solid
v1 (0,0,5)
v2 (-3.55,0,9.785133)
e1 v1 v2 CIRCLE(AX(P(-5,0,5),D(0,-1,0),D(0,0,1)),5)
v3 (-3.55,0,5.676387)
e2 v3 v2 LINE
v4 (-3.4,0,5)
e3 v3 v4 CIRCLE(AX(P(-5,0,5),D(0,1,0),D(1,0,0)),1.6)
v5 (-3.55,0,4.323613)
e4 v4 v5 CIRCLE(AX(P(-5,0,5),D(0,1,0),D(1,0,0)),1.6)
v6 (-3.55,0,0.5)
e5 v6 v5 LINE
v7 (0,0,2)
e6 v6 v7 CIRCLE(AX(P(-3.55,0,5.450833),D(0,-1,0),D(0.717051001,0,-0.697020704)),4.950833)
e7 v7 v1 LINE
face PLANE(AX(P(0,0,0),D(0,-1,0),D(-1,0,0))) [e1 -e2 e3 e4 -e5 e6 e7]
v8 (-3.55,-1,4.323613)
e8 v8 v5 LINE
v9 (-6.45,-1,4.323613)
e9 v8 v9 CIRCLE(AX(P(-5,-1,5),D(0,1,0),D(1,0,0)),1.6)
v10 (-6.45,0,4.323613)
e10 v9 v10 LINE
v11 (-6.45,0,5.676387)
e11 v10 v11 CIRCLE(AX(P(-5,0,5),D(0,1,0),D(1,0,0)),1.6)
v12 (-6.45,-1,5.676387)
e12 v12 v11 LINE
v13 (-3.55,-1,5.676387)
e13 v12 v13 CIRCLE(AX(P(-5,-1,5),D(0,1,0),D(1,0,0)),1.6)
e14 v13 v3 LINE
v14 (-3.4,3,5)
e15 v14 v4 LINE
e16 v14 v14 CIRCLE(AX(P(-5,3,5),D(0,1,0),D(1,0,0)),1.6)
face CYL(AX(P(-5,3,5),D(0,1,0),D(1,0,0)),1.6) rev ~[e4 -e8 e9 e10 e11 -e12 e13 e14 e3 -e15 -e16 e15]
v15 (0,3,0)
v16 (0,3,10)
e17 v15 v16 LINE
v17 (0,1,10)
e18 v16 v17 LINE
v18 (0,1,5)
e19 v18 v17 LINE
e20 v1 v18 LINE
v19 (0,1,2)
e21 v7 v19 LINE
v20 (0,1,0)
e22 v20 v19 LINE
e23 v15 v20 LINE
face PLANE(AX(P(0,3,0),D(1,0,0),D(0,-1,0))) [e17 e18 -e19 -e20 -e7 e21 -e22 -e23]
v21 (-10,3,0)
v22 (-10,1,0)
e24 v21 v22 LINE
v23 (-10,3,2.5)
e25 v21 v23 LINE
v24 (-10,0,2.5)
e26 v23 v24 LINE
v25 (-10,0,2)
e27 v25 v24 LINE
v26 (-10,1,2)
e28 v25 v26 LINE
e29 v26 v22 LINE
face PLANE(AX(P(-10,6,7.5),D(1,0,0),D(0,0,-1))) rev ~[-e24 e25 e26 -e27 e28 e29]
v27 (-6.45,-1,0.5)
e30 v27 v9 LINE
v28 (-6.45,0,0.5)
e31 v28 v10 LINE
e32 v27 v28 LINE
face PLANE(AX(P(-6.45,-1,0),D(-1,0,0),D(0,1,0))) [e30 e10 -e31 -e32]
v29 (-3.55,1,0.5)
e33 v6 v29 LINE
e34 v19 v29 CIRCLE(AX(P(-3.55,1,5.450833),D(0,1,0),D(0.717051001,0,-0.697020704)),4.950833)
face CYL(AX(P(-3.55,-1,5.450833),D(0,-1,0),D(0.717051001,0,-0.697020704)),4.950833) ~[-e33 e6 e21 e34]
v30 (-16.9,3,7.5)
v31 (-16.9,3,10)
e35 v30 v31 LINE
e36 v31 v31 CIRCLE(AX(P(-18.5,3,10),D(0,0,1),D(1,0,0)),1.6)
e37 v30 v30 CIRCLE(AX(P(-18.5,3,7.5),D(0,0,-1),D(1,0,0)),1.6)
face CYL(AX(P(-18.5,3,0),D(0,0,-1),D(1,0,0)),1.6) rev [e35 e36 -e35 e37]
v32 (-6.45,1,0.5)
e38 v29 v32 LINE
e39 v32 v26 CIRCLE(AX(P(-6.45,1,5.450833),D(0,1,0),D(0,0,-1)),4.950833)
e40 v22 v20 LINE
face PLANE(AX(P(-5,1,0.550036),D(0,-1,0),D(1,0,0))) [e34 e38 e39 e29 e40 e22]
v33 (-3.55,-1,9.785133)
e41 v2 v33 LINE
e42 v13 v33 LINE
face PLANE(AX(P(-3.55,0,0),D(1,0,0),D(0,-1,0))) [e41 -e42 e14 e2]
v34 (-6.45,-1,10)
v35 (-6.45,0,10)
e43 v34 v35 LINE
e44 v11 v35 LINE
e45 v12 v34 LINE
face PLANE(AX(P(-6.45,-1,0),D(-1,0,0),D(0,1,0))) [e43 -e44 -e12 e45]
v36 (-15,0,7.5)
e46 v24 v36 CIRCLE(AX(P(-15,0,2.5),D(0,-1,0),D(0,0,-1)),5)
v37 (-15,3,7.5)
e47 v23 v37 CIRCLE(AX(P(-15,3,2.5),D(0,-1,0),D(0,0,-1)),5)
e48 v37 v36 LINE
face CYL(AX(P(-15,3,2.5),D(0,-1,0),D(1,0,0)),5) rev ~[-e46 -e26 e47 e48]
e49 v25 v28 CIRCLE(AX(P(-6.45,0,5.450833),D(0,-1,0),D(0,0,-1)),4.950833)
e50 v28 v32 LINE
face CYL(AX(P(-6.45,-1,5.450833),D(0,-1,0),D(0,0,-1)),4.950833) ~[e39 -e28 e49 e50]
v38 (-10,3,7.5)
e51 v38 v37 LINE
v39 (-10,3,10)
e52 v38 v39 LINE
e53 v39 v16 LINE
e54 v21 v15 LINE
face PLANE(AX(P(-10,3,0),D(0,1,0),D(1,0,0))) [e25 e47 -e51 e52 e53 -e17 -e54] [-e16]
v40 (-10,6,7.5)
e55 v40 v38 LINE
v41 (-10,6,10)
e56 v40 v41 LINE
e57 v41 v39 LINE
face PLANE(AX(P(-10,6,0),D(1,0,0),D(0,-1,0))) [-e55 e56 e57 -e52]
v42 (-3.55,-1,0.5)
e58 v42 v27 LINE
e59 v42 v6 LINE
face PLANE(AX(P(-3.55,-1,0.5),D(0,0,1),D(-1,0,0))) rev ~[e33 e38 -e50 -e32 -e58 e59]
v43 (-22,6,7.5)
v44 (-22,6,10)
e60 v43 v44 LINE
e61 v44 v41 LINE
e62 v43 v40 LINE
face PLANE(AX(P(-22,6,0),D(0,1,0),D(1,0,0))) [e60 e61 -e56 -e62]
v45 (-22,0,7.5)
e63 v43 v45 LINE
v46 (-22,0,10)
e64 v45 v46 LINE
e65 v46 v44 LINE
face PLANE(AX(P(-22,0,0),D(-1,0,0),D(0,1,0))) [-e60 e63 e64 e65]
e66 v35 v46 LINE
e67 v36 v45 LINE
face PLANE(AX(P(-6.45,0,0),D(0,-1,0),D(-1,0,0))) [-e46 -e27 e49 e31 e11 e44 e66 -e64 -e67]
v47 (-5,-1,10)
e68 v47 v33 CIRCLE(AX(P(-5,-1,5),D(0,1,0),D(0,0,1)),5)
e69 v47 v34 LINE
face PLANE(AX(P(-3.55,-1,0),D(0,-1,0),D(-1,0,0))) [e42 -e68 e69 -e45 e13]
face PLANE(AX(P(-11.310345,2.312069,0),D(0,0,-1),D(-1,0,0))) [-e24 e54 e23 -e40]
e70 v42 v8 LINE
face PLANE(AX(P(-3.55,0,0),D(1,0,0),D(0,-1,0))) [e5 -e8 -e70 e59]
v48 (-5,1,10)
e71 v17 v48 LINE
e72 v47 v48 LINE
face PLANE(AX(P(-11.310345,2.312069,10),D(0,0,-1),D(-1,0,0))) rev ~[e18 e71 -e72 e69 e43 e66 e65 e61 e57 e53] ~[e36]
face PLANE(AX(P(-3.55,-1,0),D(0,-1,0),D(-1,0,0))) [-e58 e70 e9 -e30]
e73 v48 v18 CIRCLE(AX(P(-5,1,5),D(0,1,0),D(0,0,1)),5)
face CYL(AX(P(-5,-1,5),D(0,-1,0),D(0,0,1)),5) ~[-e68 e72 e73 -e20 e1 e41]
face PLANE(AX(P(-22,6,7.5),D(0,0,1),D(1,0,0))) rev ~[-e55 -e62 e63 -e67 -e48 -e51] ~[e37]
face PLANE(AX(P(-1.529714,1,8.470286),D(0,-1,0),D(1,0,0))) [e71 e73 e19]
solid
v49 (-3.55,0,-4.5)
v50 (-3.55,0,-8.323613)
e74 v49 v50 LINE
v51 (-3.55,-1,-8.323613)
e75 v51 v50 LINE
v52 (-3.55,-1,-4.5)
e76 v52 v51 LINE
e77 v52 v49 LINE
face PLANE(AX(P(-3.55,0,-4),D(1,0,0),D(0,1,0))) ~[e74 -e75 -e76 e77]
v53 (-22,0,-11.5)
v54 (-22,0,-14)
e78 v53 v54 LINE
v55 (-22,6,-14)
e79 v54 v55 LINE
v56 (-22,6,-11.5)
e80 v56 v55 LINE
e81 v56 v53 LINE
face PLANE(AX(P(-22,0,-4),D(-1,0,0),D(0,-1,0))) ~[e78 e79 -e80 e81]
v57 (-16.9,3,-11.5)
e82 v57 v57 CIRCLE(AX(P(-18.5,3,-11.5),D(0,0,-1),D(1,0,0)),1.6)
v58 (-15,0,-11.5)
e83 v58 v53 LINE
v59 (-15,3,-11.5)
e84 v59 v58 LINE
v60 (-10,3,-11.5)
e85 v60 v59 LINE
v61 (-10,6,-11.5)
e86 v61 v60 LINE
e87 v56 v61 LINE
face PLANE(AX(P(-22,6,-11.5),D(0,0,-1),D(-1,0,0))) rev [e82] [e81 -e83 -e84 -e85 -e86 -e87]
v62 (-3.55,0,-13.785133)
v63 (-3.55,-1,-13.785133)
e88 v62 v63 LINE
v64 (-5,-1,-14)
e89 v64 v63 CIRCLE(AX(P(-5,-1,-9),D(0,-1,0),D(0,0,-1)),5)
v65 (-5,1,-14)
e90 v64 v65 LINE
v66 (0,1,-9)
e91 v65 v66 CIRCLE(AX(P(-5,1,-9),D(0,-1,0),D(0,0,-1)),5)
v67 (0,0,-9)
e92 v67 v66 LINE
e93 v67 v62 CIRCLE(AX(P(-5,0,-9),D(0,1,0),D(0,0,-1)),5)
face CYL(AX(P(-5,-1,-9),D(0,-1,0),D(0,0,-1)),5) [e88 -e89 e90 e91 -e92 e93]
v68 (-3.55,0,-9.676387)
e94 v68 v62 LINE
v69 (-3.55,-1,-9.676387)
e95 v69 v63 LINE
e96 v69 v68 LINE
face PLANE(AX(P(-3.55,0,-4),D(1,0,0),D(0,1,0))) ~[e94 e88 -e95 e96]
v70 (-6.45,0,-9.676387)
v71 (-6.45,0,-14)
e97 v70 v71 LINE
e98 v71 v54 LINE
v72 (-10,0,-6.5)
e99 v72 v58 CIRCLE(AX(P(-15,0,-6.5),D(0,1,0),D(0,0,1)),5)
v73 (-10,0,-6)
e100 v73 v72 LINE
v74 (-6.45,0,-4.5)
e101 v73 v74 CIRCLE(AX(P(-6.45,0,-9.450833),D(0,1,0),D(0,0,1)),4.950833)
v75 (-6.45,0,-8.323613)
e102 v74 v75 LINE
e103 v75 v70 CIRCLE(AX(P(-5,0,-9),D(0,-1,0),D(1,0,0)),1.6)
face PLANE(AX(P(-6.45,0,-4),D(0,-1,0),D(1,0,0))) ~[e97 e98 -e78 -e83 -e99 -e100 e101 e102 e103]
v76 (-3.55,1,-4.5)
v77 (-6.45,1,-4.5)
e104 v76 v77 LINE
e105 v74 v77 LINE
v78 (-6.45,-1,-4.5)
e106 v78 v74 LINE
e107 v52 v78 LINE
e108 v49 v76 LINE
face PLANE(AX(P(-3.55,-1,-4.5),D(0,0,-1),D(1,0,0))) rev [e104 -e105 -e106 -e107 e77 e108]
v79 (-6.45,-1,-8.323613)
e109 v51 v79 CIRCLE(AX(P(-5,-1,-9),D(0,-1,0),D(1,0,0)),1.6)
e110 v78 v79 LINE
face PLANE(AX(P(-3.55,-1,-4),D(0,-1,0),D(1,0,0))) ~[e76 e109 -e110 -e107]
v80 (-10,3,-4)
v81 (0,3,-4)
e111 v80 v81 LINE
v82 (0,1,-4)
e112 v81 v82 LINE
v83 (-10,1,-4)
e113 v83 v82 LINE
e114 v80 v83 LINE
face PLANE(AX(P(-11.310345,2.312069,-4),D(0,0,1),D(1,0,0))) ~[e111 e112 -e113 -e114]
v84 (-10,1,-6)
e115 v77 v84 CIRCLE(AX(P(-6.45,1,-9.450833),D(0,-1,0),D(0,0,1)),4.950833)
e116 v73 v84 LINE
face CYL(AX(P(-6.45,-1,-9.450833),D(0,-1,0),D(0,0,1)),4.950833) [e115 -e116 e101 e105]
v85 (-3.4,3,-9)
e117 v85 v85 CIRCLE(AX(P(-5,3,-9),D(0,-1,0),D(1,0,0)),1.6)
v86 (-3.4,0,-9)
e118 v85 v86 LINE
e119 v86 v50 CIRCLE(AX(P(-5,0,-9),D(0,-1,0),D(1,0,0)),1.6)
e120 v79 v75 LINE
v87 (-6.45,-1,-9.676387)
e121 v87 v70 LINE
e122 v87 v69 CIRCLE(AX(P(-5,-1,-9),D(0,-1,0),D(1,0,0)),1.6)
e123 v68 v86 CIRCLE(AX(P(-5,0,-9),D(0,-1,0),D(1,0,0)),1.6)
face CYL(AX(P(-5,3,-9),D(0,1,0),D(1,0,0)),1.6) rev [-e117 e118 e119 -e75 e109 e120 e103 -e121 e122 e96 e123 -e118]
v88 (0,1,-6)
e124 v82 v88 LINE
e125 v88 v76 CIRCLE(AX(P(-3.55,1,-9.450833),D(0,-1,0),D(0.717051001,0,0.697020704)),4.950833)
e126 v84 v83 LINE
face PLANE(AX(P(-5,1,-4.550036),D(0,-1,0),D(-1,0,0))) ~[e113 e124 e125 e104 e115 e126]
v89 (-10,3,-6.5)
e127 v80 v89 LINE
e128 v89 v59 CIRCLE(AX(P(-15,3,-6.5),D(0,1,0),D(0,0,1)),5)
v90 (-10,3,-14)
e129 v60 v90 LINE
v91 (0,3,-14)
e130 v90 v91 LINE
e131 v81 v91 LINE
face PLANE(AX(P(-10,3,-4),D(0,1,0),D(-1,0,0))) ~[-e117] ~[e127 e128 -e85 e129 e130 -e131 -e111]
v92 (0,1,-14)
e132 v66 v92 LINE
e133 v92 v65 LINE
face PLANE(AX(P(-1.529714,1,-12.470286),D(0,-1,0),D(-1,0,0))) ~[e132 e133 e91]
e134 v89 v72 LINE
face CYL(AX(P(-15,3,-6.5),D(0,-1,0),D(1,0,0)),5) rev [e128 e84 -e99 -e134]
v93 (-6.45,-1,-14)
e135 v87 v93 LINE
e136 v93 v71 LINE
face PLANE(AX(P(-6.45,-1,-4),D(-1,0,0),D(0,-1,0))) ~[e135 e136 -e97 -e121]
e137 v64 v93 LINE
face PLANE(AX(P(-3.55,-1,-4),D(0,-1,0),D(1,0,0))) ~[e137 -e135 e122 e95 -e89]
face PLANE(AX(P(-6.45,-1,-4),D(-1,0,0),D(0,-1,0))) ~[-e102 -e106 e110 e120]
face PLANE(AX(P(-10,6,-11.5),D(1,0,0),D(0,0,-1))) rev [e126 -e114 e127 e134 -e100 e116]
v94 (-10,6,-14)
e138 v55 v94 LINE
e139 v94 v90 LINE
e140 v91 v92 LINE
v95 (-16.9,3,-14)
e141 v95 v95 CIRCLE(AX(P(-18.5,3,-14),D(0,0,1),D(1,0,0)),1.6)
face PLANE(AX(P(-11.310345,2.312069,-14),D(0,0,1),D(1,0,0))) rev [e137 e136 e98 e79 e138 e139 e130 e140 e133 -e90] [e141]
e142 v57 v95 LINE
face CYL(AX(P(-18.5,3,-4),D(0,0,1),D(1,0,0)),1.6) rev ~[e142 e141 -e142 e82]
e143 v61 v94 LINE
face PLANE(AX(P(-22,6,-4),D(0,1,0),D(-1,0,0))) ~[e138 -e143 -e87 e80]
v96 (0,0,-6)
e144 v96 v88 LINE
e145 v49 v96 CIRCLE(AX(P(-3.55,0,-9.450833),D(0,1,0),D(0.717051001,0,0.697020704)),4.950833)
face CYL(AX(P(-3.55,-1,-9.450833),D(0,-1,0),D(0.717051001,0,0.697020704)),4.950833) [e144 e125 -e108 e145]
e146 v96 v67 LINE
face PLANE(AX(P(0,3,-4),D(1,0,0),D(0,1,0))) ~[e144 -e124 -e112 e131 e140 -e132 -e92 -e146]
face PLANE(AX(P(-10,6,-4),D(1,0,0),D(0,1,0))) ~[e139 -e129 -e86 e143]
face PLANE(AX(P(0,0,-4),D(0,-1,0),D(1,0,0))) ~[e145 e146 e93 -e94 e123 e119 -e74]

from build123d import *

# Parameters (mm, degrees)
SKETCH1_R          = 1.6
MAIN_DEPTH         = 10
SKETCH2_R          = 1.6
TOPHOLE_DEPTH      = 5
SKETCH3_W          = 12
SKETCH3_H          = 7.5
CUT_EXTRUDE2_DEPTH = 8
FILLET1_R          = 5
CUT_EXTRUDE5_DEPTH = 2


with BuildPart() as part:
    # Sketch1 → Main (new body)
    with BuildSketch(Plane.XY):
        Polygon((0, 0), (-3.55, 0), (-3.55, -1), (-6.45, -1), (-6.45, 0), (-22, 0), (-22, 6), (-10, 6), (-10, 3), (0, 3), align=None)
        with Locations((-18.5, 3)):
            Circle(SKETCH1_R, mode=Mode.SUBTRACT)
    extrude(amount=MAIN_DEPTH)

    # Sketch2 → TopHole (cut, through all)
    with BuildSketch(Plane(origin=(0, 3, 0), x_dir=(1, 0, 0), z_dir=(0, 1, 0))):
        with Locations((-5, -5)):
            Circle(SKETCH2_R)
    extrude(amount=-TOPHOLE_DEPTH, mode=Mode.SUBTRACT)

    # Sketch3 → Cut-Extrude2 (cut, through all)
    with BuildSketch(Plane(origin=(0, 6, 0), x_dir=(1, 0, 0), z_dir=(0, 1, 0))):
        with Locations((-16, -3.75)):
            Rectangle(SKETCH3_W, SKETCH3_H)
    extrude(amount=-CUT_EXTRUDE2_DEPTH, mode=Mode.SUBTRACT)

    # Fillet1
    fillet1_edges = [part.edges().sort_by_distance(p)[0] for p in [
        (-10, 1.5, 7.5),
    ]]
    fillet(fillet1_edges, radius=FILLET1_R)

    # Sketch5 → Cut-Extrude5 (cut)
    with BuildSketch(Plane.XZ.offset(1)):
        with BuildLine():
            Line((-3.55, 0.5), (-6.45, 0.5))
            ThreePointArc((-6.45, 0.5), (-8.376947067, 0.890391941), (-10, 2))
            Line((-10, 2), (-10, 0))
            Line((-10, 0), (0, 0))
            Line((0, 0), (0, 2))
            ThreePointArc((0, 2), (-1.623052933, 0.890391941), (-3.55, 0.5))
        make_face()
        with BuildLine():
            Line((0, 5), (0, 10))
            Line((0, 10), (-5, 10))
            ThreePointArc((-5, 10), (-1.464466094, 8.535533906), (0, 5))
        make_face()
    extrude(amount=-CUT_EXTRUDE5_DEPTH, mode=Mode.SUBTRACT)


with BuildPart() as body_2:
    # Mirror5: mirrored copy
    add(part.part.mirror(Plane.XY.offset(-2)))


solid = Compound([part.part, body_2.part])
